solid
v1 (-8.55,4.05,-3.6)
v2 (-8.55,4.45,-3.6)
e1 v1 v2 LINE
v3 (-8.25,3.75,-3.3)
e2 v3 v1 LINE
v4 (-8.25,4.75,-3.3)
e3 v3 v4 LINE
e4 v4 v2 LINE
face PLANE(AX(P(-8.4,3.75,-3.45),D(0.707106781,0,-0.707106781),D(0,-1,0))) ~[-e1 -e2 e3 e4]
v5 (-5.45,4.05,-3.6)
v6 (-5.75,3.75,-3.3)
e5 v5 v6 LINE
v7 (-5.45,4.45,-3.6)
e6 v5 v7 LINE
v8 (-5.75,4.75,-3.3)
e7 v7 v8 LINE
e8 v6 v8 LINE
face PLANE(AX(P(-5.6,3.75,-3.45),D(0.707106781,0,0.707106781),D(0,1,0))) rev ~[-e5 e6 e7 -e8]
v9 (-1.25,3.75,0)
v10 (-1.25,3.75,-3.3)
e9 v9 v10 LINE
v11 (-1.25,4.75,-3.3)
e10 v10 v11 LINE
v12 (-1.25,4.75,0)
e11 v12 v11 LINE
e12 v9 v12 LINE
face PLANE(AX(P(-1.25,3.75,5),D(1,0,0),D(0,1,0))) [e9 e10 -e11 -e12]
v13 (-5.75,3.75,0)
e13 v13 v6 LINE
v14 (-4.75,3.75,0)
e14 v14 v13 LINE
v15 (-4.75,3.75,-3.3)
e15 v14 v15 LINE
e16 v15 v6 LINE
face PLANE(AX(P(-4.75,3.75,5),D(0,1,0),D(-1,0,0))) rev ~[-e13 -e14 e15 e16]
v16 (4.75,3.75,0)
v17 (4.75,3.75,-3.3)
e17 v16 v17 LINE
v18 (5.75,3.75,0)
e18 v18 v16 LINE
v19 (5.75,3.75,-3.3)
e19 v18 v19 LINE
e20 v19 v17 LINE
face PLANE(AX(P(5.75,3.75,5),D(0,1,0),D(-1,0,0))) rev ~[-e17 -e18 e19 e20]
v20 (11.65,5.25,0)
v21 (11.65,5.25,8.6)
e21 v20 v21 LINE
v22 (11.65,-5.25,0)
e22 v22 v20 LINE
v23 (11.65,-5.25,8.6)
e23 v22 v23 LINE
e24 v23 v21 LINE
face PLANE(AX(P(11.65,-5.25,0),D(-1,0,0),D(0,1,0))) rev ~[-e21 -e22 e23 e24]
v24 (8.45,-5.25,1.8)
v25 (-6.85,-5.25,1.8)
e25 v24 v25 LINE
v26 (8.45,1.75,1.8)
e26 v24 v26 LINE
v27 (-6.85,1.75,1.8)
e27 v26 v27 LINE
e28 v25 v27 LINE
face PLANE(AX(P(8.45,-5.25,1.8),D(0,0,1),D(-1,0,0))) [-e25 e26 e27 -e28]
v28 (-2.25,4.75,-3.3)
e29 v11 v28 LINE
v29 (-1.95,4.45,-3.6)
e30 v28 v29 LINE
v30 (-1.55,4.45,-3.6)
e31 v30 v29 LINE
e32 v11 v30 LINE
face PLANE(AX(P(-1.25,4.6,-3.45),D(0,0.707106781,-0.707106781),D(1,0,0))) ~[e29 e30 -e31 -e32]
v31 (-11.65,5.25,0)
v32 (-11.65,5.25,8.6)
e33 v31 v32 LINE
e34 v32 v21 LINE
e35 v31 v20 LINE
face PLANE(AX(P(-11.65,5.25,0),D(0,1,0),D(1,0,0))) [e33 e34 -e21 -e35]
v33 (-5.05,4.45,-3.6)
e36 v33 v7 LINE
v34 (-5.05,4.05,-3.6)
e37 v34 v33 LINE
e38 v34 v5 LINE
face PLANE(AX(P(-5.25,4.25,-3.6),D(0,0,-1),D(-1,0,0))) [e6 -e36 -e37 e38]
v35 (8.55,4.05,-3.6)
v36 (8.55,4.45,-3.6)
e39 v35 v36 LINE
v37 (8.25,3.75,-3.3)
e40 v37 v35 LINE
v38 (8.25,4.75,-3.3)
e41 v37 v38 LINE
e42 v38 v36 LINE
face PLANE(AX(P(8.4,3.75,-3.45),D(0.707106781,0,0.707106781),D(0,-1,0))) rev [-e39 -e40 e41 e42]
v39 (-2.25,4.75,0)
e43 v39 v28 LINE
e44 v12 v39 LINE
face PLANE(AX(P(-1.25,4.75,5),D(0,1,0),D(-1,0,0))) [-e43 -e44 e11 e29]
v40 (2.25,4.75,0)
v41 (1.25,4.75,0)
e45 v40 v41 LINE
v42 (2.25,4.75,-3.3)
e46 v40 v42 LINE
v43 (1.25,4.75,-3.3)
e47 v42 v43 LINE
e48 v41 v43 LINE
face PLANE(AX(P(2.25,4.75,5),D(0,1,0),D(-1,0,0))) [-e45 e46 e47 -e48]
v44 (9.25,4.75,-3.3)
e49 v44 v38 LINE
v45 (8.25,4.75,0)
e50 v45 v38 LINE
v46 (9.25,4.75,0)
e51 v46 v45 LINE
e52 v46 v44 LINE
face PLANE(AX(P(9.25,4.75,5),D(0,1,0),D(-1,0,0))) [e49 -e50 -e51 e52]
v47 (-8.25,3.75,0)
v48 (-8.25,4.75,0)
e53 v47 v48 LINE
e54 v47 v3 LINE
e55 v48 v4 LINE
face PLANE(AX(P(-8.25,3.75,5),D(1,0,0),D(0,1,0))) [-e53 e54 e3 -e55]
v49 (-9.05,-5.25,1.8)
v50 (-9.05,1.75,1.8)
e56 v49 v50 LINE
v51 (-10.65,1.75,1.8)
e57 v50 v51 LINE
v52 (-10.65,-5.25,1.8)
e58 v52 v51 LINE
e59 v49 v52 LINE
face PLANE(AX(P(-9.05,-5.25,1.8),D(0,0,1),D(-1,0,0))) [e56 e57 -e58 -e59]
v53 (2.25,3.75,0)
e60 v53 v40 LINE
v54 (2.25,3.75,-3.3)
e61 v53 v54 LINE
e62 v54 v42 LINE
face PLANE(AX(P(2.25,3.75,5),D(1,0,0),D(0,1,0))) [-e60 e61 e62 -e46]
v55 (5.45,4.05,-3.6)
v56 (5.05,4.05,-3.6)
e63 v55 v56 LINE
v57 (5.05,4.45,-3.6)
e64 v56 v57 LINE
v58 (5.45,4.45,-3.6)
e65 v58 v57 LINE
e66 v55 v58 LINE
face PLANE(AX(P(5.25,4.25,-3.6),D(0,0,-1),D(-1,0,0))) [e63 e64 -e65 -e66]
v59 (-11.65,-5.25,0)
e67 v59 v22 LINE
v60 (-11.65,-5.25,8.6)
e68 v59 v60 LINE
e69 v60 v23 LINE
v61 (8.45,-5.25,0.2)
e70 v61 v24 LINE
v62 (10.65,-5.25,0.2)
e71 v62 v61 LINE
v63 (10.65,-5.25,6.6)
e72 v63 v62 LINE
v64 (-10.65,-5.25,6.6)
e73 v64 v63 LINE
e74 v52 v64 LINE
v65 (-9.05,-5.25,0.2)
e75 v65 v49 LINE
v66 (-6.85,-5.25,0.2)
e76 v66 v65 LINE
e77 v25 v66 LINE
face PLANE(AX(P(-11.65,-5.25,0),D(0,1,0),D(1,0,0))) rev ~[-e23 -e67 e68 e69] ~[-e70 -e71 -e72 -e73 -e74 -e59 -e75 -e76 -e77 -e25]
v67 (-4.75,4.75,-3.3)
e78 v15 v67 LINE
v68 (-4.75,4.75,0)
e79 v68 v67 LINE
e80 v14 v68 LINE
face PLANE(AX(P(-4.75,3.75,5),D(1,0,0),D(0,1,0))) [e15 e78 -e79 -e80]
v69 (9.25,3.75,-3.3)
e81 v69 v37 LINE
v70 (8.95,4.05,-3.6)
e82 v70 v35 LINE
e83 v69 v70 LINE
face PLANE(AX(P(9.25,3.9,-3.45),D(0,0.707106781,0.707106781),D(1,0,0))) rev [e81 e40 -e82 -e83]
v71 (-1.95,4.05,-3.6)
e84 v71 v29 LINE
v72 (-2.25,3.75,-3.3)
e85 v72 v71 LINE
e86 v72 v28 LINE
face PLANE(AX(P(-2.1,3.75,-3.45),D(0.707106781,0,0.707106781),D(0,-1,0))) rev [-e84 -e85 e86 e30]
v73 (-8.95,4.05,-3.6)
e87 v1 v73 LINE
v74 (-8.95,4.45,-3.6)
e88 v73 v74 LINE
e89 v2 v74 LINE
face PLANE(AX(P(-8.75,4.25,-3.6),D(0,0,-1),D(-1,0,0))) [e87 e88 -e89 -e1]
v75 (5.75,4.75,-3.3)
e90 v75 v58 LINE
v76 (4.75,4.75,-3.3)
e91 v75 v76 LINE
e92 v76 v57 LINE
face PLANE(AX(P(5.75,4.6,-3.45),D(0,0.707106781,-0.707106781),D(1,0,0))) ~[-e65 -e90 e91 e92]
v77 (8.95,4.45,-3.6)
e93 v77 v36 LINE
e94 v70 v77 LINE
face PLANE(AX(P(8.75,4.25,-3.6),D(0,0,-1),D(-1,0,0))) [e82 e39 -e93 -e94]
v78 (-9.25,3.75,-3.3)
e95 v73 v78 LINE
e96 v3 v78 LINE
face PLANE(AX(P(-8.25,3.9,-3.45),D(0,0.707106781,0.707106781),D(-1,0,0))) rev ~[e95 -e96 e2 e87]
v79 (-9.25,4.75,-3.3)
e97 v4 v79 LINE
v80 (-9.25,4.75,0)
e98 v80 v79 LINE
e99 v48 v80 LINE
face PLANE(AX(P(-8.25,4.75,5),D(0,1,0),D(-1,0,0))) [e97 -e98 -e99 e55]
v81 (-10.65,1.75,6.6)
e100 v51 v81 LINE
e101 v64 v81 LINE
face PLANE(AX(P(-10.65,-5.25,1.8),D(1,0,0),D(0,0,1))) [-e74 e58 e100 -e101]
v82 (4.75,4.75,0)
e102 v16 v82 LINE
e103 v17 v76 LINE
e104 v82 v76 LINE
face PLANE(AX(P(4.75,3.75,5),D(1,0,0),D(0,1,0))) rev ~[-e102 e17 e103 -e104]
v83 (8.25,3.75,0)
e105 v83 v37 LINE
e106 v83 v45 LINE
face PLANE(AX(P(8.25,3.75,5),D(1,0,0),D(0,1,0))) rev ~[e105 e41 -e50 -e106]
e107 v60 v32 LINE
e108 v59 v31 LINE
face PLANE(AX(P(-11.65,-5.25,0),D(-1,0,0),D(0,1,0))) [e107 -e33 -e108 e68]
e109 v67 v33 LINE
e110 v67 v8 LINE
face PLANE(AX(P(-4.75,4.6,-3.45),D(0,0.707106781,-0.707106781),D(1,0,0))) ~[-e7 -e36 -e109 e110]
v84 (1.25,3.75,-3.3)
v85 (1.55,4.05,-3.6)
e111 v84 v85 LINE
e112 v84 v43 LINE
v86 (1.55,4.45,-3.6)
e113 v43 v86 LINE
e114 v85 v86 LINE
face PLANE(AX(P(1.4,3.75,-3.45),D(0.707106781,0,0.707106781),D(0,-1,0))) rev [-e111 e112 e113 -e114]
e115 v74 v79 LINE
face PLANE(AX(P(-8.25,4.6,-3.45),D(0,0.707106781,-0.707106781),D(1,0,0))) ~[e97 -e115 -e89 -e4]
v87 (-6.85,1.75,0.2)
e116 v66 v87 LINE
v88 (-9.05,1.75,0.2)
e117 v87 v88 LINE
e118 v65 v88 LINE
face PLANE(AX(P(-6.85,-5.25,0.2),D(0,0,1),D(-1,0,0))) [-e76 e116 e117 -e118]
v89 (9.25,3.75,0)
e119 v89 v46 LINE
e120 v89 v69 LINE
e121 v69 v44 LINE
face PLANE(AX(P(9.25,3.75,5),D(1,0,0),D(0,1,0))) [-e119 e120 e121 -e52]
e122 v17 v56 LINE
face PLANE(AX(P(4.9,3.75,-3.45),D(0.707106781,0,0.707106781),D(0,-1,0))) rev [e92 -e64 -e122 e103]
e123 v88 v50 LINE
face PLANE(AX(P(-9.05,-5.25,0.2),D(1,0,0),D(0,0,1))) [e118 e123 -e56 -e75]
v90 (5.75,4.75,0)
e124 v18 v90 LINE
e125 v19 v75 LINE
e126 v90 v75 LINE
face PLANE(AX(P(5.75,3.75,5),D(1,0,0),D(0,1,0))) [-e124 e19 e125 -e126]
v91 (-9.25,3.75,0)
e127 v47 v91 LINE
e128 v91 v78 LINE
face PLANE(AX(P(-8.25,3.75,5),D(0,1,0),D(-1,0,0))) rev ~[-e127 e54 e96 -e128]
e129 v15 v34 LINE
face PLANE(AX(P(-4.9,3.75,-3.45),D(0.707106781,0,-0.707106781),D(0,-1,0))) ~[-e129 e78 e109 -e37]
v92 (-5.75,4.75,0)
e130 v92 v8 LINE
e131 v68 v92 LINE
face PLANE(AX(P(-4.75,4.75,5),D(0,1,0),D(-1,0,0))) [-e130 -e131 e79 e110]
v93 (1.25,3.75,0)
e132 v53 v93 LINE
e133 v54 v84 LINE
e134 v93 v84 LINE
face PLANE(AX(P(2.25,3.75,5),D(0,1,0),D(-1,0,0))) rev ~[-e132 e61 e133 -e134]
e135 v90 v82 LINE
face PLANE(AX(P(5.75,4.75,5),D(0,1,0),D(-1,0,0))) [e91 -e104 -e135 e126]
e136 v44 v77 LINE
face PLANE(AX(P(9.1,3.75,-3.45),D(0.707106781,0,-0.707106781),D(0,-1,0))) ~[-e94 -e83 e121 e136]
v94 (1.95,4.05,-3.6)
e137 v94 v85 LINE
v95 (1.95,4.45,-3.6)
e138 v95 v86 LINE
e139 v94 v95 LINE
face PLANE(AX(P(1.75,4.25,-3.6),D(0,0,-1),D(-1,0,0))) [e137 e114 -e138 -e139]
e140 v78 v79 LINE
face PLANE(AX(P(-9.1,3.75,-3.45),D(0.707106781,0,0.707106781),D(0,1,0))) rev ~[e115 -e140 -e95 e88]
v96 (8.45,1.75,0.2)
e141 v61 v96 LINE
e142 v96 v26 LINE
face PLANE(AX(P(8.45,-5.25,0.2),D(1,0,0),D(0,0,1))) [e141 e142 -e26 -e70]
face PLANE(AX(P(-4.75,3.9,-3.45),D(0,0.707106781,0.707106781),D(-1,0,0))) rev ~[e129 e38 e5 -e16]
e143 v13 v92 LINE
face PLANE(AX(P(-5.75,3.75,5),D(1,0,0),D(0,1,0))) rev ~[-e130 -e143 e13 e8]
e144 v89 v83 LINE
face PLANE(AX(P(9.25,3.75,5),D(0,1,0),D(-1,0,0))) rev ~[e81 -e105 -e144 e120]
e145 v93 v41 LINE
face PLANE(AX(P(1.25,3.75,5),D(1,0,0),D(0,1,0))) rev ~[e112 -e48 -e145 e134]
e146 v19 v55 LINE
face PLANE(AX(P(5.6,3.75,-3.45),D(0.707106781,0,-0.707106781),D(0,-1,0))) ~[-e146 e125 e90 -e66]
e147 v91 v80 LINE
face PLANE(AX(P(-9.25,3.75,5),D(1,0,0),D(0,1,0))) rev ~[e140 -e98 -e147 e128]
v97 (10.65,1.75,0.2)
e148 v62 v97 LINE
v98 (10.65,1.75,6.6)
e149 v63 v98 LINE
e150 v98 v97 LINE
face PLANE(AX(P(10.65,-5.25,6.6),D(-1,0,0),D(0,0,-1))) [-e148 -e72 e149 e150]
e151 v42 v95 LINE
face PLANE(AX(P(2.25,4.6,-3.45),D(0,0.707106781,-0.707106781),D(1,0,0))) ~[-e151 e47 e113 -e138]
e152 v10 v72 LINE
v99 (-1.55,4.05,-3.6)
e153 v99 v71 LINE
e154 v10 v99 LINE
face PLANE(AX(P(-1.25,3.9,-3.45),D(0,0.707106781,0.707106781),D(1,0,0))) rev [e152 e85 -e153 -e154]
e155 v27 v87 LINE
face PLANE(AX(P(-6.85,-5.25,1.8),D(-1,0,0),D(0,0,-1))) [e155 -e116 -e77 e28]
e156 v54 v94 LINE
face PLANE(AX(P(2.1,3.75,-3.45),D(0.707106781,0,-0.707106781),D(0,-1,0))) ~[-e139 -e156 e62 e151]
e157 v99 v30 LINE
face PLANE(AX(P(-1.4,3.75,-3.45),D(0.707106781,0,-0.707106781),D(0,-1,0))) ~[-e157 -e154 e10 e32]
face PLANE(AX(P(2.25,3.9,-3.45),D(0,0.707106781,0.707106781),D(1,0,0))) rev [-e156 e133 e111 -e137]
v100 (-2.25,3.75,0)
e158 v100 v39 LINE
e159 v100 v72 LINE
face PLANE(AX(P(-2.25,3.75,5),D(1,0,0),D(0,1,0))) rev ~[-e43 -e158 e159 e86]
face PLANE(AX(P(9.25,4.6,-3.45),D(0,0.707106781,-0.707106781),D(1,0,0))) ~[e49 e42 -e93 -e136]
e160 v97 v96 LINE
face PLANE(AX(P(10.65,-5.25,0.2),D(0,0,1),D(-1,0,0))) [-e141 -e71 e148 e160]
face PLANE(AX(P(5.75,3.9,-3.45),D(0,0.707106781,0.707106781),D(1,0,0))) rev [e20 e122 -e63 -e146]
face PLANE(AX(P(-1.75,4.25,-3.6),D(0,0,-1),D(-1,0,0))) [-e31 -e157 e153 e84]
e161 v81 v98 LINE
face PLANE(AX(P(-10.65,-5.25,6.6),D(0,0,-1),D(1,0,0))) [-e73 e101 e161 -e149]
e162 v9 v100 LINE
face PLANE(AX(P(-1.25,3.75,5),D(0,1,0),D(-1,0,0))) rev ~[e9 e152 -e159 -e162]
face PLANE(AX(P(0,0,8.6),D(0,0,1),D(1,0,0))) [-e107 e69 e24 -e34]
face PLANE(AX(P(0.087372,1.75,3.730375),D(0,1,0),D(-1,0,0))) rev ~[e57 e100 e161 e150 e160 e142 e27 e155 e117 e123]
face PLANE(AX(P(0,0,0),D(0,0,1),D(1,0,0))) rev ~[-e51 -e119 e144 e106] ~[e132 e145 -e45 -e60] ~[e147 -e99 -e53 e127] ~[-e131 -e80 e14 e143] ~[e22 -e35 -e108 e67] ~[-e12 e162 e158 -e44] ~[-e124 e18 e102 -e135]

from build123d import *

# Parameters (mm, degrees)
SKETCH_1_W                         = 23.3
SKETCH_1_H                         = 10.5
EXTRUDE_1_DEPTH                    = 8.6
CUT_EXTRUDE_1_DEPTH                = 7
EXTRUDE_START                      = -5
SKETCH_3_W                         = 1
SKETCH_3_H                         = 1
EXTRUDE_2_DEPTH                    = 8.6
CHAMFER_1_SIZE                     = 0.3
PATTERN_LINEAR_1_COUNT             = 6
PATTERN_LINEAR_1_PITCH             = 3.5
CHAMFER_1_OF_PATTERN_LINEAR_1_SIZE = 0.3


with BuildPart() as part:
    # Эскиз1 → Бобышка-Вытянуть1 (new body)
    with BuildSketch(Plane.XY):
        Rectangle(SKETCH_1_W, SKETCH_1_H)
    extrude(amount=EXTRUDE_1_DEPTH)

    # Эскиз2 → Вырез-Вытянуть1 (cut)
    with BuildSketch(Plane.XZ.offset(5.25)):
        Polygon((-10.65, 6.6), (10.65, 6.6), (10.65, 0.2), (8.45, 0.2), (8.45, 1.8), (-6.85, 1.8), (-6.85, 0.2), (-9.05, 0.2), (-9.05, 1.8), (-10.65, 1.8), align=None)
    extrude(amount=-CUT_EXTRUDE_1_DEPTH, mode=Mode.SUBTRACT)

    # Эскиз3 → Бобышка-Вытянуть2 (add)
    with BuildSketch(Plane(origin=(0, 0, 0), x_dir=(-1, 0, 0), z_dir=(0, 0, -1)).offset(EXTRUDE_START)):
        with Locations((8.75, 4.25)):
            Rectangle(SKETCH_3_W, SKETCH_3_H)
    extrude_2 = extrude(amount=EXTRUDE_2_DEPTH)

    # Фаска1
    chamfer_1_edges = [part.edges().sort_by_distance(p)[0] for p in [
        (-8.25, 4.25, -3.6),
        (-8.75, 3.75, -3.6),
        (-9.25, 4.25, -3.6),
        (-8.75, 4.75, -3.6),
    ]]
    chamfer(chamfer_1_edges, length=CHAMFER_1_SIZE)

    # Линейный массив1: Бобышка-Вытянуть2 ×6
    with Locations(*[(i * PATTERN_LINEAR_1_PITCH, 0, 0) for i in range(1, PATTERN_LINEAR_1_COUNT)]):
        add(extrude_2)

    # Фаска1 of Линейный массив1
    chamfer_1_of_pattern_linear_1_edges = [part.edges().sort_by_distance(p)[0] for p in [
        (-4.75, 4.25, -3.6),
        (-5.25, 3.75, -3.6),
        (-5.75, 4.25, -3.6),
        (-5.25, 4.75, -3.6),
        (-1.25, 4.25, -3.6),
        (-1.75, 3.75, -3.6),
        (-2.25, 4.25, -3.6),
        (-1.75, 4.75, -3.6),
        (2.25, 4.25, -3.6),
        (1.75, 3.75, -3.6),
        (1.25, 4.25, -3.6),
        (1.75, 4.75, -3.6),
        (5.75, 4.25, -3.6),
        (5.25, 3.75, -3.6),
        (4.75, 4.25, -3.6),
        (5.25, 4.75, -3.6),
        (9.25, 4.25, -3.6),
        (8.75, 3.75, -3.6),
        (8.25, 4.25, -3.6),
        (8.75, 4.75, -3.6),
    ]]
    chamfer(chamfer_1_of_pattern_linear_1_edges, length=CHAMFER_1_OF_PATTERN_LINEAR_1_SIZE)


solid = part.part
